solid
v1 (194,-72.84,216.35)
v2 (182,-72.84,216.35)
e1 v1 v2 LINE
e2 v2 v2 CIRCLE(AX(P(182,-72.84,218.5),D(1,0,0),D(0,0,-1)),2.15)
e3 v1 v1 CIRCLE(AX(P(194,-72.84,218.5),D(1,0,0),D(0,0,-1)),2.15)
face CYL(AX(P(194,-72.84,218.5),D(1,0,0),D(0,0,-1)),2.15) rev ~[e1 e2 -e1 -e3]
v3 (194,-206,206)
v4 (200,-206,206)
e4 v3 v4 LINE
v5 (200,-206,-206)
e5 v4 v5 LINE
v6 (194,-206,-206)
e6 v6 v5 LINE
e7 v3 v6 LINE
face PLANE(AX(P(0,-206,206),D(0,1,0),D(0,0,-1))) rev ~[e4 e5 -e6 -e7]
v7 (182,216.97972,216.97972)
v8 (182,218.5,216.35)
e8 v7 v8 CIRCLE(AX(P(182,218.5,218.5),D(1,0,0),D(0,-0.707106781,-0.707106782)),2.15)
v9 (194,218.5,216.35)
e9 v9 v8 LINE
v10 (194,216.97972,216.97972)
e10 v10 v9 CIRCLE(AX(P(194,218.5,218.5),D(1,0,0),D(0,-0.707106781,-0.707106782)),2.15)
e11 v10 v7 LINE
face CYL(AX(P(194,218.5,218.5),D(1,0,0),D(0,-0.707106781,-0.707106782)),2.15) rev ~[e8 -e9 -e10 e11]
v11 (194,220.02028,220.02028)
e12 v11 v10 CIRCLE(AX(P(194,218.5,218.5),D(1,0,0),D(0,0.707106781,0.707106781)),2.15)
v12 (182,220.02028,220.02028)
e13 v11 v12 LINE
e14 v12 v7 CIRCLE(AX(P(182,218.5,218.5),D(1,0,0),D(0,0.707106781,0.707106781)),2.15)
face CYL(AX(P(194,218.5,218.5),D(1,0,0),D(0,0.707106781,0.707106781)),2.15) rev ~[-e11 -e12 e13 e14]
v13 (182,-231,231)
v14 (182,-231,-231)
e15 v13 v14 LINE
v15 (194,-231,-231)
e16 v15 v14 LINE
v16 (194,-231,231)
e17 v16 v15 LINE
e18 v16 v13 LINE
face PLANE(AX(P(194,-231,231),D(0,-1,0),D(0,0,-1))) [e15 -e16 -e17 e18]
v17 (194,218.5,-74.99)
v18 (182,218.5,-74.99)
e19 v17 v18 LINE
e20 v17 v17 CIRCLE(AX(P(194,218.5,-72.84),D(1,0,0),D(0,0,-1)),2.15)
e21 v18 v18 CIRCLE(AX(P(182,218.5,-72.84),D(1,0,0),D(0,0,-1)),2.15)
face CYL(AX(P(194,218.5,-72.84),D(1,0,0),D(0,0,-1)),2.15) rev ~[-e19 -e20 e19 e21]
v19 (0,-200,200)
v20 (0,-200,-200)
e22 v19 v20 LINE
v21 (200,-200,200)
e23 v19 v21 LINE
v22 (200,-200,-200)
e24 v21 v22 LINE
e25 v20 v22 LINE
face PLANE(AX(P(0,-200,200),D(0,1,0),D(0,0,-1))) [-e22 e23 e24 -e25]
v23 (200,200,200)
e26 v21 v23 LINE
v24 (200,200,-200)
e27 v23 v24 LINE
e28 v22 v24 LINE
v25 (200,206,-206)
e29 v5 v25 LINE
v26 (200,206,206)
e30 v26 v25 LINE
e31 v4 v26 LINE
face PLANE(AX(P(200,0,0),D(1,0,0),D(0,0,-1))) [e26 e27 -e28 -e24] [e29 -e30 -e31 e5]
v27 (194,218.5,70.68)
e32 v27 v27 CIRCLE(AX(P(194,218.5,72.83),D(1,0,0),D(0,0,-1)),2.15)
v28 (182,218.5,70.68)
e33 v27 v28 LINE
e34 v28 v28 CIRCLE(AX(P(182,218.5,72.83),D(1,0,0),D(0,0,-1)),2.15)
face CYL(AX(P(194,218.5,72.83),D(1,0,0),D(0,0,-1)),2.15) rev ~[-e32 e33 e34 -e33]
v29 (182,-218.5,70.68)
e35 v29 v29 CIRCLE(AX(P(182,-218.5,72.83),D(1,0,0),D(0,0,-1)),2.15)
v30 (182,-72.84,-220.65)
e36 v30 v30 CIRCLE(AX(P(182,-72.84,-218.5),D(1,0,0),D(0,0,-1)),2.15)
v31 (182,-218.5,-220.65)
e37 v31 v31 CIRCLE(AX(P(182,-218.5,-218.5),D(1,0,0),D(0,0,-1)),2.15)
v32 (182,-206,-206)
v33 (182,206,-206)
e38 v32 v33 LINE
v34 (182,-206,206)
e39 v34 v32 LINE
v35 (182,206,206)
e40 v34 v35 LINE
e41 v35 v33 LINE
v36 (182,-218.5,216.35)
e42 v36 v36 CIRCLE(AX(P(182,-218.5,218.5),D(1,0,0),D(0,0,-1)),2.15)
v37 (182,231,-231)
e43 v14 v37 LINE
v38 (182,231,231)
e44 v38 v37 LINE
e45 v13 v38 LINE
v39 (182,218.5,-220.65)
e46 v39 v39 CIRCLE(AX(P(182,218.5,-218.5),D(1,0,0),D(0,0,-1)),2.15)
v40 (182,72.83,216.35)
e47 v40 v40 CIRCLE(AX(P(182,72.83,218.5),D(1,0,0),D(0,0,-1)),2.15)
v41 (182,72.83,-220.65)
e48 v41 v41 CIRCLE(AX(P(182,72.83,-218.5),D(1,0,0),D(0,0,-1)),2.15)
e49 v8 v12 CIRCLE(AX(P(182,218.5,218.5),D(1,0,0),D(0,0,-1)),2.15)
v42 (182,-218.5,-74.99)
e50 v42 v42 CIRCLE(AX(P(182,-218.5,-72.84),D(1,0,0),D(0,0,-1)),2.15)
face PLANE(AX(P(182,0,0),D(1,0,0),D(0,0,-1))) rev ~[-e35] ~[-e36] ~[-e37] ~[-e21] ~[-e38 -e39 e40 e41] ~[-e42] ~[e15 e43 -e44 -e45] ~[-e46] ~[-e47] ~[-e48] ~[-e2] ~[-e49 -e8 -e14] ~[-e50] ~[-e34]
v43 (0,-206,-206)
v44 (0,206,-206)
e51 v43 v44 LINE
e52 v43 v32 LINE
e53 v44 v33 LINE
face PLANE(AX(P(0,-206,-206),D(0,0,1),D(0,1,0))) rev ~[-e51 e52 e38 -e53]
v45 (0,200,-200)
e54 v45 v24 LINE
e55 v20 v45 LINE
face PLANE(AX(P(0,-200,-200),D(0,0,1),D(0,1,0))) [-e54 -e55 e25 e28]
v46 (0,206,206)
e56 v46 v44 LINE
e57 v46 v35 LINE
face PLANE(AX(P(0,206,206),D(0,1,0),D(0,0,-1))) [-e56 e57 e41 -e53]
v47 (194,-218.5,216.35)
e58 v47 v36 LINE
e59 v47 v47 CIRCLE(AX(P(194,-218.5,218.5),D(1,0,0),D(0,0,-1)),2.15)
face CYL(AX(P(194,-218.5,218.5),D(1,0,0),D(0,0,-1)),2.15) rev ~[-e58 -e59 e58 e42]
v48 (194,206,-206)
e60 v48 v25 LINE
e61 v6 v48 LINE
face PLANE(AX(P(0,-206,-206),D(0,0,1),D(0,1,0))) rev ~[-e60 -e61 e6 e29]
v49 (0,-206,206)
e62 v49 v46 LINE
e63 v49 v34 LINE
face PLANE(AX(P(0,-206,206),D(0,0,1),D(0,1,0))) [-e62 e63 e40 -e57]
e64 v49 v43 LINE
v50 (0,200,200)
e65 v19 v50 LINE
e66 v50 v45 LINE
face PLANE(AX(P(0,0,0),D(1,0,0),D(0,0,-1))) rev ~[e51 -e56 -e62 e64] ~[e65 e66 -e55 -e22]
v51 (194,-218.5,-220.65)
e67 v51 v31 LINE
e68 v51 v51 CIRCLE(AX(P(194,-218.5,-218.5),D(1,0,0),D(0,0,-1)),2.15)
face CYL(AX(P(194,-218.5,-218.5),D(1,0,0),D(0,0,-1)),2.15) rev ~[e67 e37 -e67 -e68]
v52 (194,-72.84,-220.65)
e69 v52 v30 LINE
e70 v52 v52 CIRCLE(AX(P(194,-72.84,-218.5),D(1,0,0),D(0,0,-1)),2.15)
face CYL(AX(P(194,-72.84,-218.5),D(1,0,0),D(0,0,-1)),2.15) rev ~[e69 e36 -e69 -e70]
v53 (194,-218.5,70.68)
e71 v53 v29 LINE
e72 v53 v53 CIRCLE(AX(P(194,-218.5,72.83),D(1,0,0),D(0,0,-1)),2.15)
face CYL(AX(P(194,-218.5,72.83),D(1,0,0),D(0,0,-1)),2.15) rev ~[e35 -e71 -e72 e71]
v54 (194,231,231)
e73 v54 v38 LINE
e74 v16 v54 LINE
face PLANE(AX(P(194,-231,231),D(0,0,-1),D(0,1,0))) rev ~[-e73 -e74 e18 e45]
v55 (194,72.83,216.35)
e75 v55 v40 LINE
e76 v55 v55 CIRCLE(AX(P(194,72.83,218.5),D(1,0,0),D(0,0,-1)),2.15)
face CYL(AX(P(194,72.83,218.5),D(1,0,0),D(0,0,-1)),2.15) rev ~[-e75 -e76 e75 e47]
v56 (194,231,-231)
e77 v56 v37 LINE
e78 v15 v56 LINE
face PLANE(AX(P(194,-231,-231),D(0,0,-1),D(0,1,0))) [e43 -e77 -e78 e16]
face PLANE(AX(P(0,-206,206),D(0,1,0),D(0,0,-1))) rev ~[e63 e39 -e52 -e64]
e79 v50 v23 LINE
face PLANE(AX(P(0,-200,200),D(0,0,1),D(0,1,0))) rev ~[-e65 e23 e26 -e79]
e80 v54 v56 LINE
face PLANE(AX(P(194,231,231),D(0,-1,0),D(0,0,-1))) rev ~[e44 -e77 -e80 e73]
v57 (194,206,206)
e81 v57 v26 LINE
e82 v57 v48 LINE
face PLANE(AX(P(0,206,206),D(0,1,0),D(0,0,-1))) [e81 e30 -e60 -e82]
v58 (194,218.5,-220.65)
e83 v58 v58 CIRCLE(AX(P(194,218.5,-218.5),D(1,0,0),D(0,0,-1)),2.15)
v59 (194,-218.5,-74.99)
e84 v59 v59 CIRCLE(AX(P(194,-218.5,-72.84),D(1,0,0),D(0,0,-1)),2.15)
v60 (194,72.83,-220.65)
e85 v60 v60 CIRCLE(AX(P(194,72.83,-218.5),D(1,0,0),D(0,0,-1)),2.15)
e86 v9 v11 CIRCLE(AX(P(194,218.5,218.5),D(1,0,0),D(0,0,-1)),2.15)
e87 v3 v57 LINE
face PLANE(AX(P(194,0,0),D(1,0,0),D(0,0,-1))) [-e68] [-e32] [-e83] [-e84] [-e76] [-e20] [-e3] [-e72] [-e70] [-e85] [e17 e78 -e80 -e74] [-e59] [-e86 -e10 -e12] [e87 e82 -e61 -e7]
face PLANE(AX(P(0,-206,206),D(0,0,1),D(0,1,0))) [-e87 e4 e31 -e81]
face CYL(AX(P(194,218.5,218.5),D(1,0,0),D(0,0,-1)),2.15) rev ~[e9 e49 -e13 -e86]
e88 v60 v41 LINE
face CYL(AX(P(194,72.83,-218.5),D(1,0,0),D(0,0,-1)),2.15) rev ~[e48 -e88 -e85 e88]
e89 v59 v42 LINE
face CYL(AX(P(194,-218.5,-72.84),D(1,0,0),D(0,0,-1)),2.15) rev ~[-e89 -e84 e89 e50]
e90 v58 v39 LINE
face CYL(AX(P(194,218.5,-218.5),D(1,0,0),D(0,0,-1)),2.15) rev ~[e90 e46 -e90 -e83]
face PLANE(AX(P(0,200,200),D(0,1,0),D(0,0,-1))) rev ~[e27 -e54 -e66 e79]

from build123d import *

# Parameters (mm, degrees)
SKETCH1_W           = 412
SKETCH1_H           = 412
SKETCH1_W_2         = 400
SKETCH1_H_2         = 400
EXTRUDE_THIN1_DEPTH = 200
SKETCH5_W           = 462
SKETCH5_H           = 462
SKETCH5_W_2         = 412
SKETCH5_H_2         = 412
EXTRUDE_THIN2_DEPTH = 12
SKETCH6_R           = 2.15
CUT_EXTRUDE1_DEPTH  = 380.944732823


with BuildPart() as part:
    # Sketch1 → Extrude-Thin1 (new body)
    with BuildSketch(Plane(origin=(0, 0, 0), x_dir=(0, 0, -1), z_dir=(1, 0, 0))):
        Rectangle(SKETCH1_W, SKETCH1_H)
        Rectangle(SKETCH1_W_2, SKETCH1_H_2, mode=Mode.SUBTRACT)
    extrude(amount=EXTRUDE_THIN1_DEPTH)

    # Sketch5 → Extrude-Thin2 (add)
    with BuildSketch(Plane(origin=(194, 0, 0), x_dir=(0, 0, -1), z_dir=(1, 0, 0))):
        Rectangle(SKETCH5_W, SKETCH5_H)
        Rectangle(SKETCH5_W_2, SKETCH5_H_2, mode=Mode.SUBTRACT)
    extrude(amount=-EXTRUDE_THIN2_DEPTH)

    # Sketch6 → Cut-Extrude1 (cut, through all)
    with BuildSketch(Plane(origin=(194, 0, 0), x_dir=(0, 0, -1), z_dir=(1, 0, 0))):
        with BuildLine():
            ThreePointArc((-216.35, 218.5), (-217.67723062, 220.486340995), (-220.02027958, 220.02027958))
            Line((-220.02027958, 220.02027958), (-216.97972042, 216.97972042))
            ThreePointArc((-216.97972042, 216.97972042), (-216.513659005, 217.67723062), (-216.35, 218.5))
        make_face()
        with BuildLine():
            Line((-216.97972042, 216.97972042), (-220.02027958, 220.02027958))
            ThreePointArc((-220.02027958, 220.02027958), (-220.02027958, 216.97972042), (-216.97972042, 216.97972042))
        make_face()
        with Locations((-72.83, 218.5)):
            Circle(SKETCH6_R)
        with Locations((72.84, 218.5)):
            Circle(SKETCH6_R)
        with Locations((-218.5, -72.84)):
            Circle(SKETCH6_R)
        with Locations((-72.83, -218.5)):
            Circle(SKETCH6_R)
        with Locations((72.84, -218.5)):
            Circle(SKETCH6_R)
        with Locations((218.5, -72.84)):
            Circle(SKETCH6_R)
        with Locations((-218.5, 72.83)):
            Circle(SKETCH6_R)
        with Locations((-218.5, -218.5)):
            Circle(SKETCH6_R)
        with Locations((218.5, -218.5)):
            Circle(SKETCH6_R)
        with Locations((218.5, 72.83)):
            Circle(SKETCH6_R)
        with Locations((218.5, 218.5)):
            Circle(SKETCH6_R)
    extrude(amount=-CUT_EXTRUDE1_DEPTH, mode=Mode.SUBTRACT)


solid = part.part
